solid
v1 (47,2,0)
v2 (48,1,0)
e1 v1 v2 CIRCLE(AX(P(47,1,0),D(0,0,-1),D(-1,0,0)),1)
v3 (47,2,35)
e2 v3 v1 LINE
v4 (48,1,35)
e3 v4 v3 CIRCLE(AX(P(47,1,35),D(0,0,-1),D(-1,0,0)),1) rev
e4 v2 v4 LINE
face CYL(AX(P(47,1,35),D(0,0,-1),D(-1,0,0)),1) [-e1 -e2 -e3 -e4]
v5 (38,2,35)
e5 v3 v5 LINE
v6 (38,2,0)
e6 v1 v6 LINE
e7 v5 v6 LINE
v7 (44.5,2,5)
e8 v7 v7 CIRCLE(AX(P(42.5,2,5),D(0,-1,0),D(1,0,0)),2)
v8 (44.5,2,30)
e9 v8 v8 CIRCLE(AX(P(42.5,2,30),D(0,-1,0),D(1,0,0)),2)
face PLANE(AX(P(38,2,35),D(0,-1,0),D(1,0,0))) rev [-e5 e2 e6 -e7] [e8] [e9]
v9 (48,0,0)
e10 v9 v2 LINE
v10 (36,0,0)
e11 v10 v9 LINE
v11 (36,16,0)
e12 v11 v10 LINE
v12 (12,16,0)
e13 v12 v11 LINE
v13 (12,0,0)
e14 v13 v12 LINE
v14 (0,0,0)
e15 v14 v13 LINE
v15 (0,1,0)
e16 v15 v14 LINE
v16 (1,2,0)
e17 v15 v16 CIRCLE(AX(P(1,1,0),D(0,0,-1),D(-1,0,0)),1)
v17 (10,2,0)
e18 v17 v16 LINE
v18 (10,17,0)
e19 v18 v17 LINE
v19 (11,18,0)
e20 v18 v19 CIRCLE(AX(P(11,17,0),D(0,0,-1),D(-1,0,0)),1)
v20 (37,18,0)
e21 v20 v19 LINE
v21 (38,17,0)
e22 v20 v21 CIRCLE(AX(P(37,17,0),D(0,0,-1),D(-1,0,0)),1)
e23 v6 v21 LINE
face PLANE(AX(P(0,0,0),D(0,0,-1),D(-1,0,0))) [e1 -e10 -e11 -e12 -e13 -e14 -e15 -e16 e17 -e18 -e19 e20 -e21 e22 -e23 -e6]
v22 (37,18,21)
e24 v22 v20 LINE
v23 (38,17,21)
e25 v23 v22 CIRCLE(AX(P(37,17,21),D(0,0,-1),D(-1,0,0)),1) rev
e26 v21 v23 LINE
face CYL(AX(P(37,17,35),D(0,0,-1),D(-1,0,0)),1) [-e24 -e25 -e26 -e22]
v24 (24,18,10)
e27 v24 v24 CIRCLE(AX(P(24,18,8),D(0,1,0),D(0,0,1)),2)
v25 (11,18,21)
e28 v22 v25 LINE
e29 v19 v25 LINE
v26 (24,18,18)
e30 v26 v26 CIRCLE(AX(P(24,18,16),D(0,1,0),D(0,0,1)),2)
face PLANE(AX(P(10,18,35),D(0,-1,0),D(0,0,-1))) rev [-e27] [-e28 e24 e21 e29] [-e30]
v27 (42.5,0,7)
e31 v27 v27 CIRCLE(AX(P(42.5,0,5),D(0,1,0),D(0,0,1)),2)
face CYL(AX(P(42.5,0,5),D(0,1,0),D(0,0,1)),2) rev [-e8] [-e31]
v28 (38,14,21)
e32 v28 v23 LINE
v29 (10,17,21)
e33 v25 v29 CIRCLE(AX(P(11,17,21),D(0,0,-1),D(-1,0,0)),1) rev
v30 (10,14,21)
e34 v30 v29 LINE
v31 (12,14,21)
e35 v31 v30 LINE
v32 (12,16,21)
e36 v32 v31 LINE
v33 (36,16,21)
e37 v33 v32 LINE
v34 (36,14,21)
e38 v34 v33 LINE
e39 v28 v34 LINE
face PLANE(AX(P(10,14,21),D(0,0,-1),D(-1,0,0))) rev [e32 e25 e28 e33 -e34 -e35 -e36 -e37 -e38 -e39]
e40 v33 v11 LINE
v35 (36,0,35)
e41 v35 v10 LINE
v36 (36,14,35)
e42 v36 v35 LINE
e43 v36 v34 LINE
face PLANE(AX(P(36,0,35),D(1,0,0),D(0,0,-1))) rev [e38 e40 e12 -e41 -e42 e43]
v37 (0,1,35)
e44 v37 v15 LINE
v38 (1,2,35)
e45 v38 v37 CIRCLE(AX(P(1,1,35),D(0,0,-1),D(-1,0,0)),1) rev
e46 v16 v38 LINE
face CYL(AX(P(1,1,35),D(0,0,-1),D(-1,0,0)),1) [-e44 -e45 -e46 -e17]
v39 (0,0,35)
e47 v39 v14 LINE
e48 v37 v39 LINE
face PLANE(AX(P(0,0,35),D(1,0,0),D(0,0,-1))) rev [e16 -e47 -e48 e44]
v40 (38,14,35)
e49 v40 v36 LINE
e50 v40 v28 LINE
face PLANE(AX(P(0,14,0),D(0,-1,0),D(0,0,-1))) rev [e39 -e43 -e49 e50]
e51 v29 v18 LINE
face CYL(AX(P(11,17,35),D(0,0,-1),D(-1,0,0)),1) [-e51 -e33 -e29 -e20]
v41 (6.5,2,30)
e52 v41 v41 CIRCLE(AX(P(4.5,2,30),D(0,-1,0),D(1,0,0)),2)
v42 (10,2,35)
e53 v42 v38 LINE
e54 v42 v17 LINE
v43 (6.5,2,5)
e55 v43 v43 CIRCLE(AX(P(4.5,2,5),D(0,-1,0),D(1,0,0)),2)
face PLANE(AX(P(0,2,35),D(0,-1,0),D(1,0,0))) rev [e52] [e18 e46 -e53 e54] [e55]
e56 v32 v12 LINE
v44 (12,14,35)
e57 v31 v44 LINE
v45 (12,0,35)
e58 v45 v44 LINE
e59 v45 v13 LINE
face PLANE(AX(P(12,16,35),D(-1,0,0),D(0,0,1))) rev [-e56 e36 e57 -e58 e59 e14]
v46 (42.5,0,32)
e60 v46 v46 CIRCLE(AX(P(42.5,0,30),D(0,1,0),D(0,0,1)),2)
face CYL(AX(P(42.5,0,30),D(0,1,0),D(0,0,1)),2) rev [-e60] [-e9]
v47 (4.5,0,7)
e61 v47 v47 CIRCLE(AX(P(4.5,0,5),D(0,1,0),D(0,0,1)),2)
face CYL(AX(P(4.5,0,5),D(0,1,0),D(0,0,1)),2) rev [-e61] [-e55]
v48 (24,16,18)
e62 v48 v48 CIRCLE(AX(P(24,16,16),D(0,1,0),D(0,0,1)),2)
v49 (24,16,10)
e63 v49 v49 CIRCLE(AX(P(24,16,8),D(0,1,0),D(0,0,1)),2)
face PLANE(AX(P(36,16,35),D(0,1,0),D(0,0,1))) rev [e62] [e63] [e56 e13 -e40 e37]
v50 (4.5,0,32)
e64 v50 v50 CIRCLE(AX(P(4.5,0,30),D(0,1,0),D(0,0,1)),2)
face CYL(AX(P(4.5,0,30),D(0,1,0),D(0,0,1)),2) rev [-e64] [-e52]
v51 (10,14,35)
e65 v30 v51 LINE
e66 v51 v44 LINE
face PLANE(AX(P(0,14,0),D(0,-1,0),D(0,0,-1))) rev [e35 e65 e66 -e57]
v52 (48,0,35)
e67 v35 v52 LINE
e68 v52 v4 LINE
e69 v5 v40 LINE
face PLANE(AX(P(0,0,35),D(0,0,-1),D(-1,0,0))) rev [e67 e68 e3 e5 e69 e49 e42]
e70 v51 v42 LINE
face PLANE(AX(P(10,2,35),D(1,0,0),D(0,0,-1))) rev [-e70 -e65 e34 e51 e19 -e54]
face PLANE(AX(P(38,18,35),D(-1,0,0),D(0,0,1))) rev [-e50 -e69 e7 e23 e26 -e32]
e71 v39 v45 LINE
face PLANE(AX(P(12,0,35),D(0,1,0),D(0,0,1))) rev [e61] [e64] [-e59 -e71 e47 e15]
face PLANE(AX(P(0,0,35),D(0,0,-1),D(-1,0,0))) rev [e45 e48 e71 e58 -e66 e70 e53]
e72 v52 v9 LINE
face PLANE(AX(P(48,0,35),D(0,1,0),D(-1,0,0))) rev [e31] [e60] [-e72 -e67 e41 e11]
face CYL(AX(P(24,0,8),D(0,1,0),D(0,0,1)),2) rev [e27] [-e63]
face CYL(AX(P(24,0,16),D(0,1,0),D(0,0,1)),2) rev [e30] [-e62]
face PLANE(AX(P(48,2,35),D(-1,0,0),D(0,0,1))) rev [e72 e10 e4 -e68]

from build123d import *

# Parameters (mm, degrees)
BOSS_EXTRUDE1_DEPTH = 35
SKETCH3_W           = 28
SKETCH3_H           = 14
CUT_EXTRUDE1_DEPTH  = 4
FILLET1_R           = 1
SKETCH4_R           = 2
CUT_EXTRUDE2_DEPTH  = 63.072538211


with BuildPart() as part:
    # Sketch2 → Boss-Extrude1 (new body)
    with BuildSketch(Plane.XY):
        Polygon((0, 0), (0, 2), (10, 2), (10, 18), (38, 18), (38, 2), (48, 2), (48, 0), (36, 0), (36, 16), (12, 16), (12, 0), align=None)
    extrude(amount=BOSS_EXTRUDE1_DEPTH)

    # Sketch3 → Cut-Extrude1 (cut)
    with BuildSketch(Plane(origin=(0, 18, 0), x_dir=(1, 0, 0), z_dir=(0, 1, 0))):
        with Locations((24, -28)):
            Rectangle(SKETCH3_W, SKETCH3_H)
    extrude(amount=-CUT_EXTRUDE1_DEPTH, mode=Mode.SUBTRACT)

    # Fillet1
    fillet1_edges = [part.edges().sort_by_distance(p)[0] for p in [
        (0, 2, 17.5),
        (48, 2, 17.5),
        (10, 18, 10.5),
        (38, 18, 10.5),
    ]]
    fillet(fillet1_edges, radius=FILLET1_R)

    # Sketch4 → Cut-Extrude2 (cut, through all)
    with BuildSketch(Plane(origin=(0, 18, 0), x_dir=(1, 0, 0), z_dir=(0, 1, 0))):
        with Locations(Location((24, -8, 0), (0, 0, 270))):
            Circle(SKETCH4_R)
        with Locations(Location((24, -16, 0), (0, 0, 270))):
            Circle(SKETCH4_R)
        with Locations(Location((42.5, -5, 0), (0, 0, 270))):
            Circle(SKETCH4_R)
        with Locations(Location((42.5, -30, 0), (0, 0, 270))):
            Circle(SKETCH4_R)
        with Locations(Location((4.5, -5, 0), (0, 0, 270))):
            Circle(SKETCH4_R)
        with Locations(Location((4.5, -30, 0), (0, 0, 270))):
            Circle(SKETCH4_R)
    extrude(amount=-CUT_EXTRUDE2_DEPTH, mode=Mode.SUBTRACT)


solid = part.part
